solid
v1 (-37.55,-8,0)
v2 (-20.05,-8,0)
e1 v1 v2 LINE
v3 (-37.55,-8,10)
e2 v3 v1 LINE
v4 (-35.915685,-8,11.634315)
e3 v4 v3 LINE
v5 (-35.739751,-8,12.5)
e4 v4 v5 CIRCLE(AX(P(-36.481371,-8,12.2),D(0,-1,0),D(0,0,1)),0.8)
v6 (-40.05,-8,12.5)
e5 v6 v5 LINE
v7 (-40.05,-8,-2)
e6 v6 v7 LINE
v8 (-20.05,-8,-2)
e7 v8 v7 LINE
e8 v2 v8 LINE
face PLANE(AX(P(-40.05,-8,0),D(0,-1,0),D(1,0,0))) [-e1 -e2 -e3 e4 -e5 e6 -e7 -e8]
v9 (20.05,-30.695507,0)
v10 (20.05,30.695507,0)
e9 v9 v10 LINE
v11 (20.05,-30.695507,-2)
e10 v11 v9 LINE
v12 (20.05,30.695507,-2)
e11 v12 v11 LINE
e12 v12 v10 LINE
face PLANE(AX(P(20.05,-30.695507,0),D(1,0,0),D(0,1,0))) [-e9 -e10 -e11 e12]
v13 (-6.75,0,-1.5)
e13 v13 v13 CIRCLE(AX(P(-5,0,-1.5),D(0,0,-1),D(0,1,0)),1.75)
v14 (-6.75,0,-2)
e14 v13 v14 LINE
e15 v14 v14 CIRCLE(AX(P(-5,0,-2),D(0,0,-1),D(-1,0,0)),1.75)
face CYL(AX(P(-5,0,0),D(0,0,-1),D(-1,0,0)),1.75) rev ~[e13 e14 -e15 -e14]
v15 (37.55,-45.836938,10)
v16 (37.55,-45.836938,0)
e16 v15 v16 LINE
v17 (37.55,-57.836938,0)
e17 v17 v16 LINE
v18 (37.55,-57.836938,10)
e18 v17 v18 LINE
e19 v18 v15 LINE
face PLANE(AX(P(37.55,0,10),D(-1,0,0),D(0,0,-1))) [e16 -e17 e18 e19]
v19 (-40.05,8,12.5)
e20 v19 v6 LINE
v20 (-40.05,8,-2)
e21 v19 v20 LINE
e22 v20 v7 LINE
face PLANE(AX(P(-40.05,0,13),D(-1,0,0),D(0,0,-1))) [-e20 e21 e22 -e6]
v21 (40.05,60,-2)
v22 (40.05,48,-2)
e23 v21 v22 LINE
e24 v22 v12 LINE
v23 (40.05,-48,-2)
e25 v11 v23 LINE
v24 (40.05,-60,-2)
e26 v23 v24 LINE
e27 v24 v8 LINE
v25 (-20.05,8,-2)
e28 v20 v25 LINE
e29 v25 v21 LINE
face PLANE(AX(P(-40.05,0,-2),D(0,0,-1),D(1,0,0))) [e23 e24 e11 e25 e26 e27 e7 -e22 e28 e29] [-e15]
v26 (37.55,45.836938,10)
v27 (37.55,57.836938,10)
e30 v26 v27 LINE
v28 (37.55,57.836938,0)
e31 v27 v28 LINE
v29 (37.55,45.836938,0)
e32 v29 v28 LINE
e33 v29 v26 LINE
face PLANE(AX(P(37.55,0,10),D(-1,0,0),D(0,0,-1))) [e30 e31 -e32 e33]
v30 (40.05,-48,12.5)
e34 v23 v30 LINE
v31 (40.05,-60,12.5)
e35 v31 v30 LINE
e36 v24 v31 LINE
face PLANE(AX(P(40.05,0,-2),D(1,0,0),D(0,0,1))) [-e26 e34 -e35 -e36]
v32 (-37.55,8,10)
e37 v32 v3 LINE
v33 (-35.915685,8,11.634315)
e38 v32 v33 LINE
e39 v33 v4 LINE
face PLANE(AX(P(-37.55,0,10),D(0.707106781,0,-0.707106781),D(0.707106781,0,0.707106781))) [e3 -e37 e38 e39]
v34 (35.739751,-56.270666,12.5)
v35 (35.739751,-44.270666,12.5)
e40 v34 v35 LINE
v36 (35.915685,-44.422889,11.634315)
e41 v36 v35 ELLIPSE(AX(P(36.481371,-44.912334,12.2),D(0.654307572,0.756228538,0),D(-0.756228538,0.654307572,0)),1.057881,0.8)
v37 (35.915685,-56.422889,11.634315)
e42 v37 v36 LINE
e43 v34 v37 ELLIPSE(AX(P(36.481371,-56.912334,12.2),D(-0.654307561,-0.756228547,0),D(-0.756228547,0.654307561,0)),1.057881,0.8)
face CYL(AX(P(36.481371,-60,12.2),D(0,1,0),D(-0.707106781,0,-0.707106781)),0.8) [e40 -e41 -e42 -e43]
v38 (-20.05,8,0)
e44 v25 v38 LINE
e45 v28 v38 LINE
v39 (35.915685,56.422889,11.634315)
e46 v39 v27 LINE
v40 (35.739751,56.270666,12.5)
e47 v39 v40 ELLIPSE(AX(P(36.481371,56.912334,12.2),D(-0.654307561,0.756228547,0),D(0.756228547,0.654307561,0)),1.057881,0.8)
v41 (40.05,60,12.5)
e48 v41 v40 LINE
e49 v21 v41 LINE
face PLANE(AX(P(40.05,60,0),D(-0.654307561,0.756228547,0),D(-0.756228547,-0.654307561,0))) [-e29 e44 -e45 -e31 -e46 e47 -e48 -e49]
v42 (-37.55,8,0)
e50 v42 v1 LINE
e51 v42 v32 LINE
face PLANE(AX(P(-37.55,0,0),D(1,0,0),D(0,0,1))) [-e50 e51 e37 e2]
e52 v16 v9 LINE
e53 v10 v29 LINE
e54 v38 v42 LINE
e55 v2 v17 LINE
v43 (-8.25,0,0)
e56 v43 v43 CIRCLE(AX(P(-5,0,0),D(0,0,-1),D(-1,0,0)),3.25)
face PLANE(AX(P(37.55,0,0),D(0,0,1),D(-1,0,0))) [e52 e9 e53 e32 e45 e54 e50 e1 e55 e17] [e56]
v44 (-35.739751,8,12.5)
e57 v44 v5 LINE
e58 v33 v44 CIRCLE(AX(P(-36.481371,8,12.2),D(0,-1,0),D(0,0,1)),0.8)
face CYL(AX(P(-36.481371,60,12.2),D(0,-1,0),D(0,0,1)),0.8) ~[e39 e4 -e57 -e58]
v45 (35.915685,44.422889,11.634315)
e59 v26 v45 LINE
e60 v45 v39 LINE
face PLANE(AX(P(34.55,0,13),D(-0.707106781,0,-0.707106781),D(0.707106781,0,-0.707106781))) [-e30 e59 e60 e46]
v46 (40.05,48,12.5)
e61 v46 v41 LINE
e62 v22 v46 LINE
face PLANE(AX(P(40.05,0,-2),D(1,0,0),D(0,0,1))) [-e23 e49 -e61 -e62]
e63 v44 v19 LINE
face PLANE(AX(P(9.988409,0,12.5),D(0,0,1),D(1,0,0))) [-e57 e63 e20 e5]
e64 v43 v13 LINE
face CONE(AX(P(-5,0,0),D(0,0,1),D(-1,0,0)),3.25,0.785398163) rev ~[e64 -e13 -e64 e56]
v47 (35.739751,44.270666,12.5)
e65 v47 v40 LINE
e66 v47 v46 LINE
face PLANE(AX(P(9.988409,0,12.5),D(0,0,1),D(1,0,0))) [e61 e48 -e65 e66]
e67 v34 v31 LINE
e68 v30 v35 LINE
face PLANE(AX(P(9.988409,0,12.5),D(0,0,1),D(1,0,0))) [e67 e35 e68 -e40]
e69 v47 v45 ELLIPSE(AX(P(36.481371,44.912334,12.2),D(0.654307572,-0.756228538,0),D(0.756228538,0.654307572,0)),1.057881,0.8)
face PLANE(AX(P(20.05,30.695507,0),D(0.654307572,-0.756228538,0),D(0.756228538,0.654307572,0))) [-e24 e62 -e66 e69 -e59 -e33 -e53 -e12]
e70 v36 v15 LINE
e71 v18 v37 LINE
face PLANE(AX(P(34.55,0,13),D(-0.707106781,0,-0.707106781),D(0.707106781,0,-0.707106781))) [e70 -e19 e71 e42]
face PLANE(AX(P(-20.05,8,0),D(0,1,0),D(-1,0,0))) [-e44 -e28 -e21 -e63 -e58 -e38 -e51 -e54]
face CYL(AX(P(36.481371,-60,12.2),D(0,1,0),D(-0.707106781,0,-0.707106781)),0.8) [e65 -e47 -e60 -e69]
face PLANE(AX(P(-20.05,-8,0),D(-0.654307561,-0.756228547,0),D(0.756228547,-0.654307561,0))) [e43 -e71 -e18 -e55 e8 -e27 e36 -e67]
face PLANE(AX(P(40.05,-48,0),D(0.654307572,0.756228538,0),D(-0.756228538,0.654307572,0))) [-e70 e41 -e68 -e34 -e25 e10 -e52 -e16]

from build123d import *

# Parameters (mm, degrees)
F1_DEPTH       = 60
F2_R           = 0.8
F4_DEPTH       = 12.5
F6_D           = 3.5
F6_CSINK_D     = 6.5
F6_CSINK_ANGLE = 90


with BuildPart() as f1:
    # F0 (on Front) → F1 (new body, symmetric)
    with BuildSketch(Plane.XZ):
        Polygon((37.55, 0), (0, 0), (-37.55, 0), (-37.55, 10), (-34.55, 13), (-40.05, 13), (-40.05, -2), (0, -2), (40.05, -2), (40.05, 13), (34.55, 13), (37.55, 10), align=None)
    extrude(amount=F1_DEPTH, both=True)

    # F2
    f2_edges = [f1.edges().sort_by_distance(p)[0] for p in [
        (-34.55, 0, 13),
        (34.55, 0, 13),
    ]]
    fillet(f2_edges, radius=F2_R)

    # F3 (on face) → F4 (intersect, symmetric)
    with BuildSketch(Plane.XY):
        Polygon((-20.05, -8), (40.05, -60), (40.05, -48), (20.05, -30.695507), (20.05, 0), (20.05, 30.695507), (40.05, 48), (40.05, 60), (-20.05, 8), (-40.05, 8), (-40.05, 0), (-40.05, -8), align=None)
    extrude(amount=F4_DEPTH, both=True, mode=Mode.INTERSECT)

    # F6 (through all)
    with Locations(Plane.XY):
        with Locations((-5, 0)):
            CounterSinkHole(F6_D / 2, F6_CSINK_D / 2, counter_sink_angle=F6_CSINK_ANGLE)


solid = f1.part
